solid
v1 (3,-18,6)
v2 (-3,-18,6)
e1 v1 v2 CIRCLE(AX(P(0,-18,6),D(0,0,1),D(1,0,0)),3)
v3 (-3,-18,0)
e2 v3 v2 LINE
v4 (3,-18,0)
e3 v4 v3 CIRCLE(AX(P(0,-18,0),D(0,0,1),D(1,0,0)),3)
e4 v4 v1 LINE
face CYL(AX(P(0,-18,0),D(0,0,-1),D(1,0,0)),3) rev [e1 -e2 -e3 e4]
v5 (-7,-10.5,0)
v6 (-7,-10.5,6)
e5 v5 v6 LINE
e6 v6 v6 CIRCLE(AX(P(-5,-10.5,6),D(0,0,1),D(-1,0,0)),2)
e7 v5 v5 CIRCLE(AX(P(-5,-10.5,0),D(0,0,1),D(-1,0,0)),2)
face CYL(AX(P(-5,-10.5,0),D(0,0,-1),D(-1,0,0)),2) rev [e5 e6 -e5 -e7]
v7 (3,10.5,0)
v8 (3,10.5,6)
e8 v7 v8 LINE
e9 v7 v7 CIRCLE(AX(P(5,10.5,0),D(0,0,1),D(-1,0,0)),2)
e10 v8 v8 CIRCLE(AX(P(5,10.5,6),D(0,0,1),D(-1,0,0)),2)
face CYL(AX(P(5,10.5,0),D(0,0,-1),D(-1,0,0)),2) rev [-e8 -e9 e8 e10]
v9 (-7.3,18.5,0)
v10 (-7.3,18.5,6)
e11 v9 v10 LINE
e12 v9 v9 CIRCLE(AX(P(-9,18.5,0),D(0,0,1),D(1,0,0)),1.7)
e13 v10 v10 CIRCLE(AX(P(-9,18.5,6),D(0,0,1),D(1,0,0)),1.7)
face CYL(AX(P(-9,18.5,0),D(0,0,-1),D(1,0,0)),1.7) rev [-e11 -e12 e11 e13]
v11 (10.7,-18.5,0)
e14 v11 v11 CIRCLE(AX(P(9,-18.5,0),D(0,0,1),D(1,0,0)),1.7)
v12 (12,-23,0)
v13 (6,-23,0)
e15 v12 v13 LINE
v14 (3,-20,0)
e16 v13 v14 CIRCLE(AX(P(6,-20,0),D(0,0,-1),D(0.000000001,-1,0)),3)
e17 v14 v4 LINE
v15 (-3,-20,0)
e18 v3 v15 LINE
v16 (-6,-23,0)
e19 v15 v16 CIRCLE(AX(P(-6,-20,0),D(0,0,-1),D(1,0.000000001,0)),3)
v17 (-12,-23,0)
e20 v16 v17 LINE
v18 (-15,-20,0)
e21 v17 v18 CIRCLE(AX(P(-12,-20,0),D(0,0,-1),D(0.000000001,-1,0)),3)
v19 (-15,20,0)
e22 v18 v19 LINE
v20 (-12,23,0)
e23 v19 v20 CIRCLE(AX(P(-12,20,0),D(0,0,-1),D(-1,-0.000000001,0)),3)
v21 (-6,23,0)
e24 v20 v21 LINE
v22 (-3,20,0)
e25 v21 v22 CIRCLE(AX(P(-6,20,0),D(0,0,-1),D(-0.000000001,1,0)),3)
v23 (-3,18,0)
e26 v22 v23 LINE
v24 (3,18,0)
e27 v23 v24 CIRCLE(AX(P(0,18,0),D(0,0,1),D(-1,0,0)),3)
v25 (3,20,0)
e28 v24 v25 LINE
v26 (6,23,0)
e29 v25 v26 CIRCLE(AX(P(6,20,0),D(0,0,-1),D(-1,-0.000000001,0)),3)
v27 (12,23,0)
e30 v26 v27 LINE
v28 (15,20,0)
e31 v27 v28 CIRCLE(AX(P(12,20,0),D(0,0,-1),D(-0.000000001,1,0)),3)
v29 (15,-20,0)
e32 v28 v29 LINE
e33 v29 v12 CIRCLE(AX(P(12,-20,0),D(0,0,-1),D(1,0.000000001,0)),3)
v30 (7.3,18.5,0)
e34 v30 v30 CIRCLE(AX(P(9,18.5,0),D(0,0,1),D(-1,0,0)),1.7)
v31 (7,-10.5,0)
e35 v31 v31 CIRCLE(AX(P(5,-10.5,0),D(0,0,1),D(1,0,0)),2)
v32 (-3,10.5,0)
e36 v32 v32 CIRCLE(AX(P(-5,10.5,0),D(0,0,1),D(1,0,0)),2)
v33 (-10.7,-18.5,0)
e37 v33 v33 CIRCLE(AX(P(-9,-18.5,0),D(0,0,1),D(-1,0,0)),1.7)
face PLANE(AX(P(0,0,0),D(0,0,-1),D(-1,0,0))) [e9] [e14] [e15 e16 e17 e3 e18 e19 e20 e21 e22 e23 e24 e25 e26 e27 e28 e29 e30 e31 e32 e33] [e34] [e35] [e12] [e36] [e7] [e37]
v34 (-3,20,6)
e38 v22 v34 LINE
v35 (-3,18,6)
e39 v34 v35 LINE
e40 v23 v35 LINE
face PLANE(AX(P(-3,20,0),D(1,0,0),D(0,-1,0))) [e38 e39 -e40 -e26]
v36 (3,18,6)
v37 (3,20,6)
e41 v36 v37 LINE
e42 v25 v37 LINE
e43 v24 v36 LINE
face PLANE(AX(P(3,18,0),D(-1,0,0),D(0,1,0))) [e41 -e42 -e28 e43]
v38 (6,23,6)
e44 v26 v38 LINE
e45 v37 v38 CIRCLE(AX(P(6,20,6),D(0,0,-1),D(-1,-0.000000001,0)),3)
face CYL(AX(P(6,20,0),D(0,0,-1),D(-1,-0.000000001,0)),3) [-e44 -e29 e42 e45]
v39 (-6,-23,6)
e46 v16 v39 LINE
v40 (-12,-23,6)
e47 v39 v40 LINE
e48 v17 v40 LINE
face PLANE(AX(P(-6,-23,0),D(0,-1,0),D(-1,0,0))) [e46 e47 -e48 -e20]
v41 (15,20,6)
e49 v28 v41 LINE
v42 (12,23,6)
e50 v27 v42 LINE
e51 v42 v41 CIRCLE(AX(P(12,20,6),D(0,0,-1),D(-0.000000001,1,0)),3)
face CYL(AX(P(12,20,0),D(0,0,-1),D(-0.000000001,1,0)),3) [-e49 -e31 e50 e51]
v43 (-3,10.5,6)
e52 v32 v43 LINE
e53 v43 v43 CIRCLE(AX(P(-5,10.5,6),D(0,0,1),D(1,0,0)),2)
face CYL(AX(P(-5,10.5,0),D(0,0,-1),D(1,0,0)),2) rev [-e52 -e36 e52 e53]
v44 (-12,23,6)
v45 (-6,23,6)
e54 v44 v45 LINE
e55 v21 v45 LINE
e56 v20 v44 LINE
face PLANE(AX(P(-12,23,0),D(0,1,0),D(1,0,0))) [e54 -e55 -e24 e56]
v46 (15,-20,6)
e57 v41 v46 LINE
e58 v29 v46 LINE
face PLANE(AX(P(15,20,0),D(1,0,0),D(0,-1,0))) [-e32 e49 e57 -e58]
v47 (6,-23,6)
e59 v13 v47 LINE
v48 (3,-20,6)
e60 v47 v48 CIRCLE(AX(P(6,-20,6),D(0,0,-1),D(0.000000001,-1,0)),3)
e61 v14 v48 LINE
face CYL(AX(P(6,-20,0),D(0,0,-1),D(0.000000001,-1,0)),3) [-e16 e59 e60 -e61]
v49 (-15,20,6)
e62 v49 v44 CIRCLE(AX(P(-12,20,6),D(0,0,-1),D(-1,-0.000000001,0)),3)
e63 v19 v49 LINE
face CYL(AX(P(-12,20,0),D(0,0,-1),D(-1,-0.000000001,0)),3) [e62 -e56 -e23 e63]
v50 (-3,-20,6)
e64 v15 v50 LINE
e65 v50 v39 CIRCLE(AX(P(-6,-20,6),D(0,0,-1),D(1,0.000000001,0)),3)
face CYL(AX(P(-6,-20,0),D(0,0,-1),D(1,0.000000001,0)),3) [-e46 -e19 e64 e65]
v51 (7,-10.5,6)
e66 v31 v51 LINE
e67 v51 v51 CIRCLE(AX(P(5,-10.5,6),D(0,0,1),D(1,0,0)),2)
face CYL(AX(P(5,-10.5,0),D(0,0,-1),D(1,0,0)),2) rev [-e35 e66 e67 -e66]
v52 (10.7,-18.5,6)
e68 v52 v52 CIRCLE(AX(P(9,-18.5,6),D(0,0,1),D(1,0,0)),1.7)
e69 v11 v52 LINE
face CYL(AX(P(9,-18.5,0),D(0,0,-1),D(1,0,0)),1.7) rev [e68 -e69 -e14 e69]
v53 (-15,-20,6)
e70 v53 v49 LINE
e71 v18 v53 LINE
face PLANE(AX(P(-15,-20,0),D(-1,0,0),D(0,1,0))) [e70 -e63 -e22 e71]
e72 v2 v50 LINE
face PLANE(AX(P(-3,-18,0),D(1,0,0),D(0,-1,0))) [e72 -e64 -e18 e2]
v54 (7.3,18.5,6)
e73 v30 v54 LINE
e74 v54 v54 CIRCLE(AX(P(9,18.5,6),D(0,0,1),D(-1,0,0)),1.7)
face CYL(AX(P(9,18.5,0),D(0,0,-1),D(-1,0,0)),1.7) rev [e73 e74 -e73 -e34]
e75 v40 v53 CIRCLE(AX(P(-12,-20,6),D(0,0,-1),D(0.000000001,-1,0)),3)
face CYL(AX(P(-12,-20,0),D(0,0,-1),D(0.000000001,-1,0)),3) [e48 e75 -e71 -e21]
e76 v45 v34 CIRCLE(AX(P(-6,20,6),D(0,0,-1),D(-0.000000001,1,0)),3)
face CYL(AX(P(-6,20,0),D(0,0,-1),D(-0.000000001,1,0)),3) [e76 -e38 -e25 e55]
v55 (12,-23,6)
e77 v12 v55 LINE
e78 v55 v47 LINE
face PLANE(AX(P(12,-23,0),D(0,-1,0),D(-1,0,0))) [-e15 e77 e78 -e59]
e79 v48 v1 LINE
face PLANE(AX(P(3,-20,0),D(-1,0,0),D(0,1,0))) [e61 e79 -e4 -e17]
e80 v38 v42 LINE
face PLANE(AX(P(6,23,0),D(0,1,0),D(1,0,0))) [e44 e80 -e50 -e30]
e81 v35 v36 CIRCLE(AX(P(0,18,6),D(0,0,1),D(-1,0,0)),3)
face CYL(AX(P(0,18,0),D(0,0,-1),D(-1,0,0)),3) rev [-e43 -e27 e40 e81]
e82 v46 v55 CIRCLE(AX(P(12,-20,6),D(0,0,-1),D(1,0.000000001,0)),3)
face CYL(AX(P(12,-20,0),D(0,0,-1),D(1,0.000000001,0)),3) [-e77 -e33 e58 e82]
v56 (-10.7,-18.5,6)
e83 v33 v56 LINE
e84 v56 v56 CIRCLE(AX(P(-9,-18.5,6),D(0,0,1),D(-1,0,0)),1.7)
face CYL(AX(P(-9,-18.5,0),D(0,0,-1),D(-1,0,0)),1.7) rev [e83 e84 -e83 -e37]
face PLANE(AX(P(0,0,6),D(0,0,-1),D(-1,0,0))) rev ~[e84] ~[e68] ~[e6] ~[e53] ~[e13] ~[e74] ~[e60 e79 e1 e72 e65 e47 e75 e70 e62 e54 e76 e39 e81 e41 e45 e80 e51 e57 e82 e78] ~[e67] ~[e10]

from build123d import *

# Parameters (mm, degrees)
SKETCH1_R           = 1.7
SKETCH1_R_2         = 2
BOSS_EXTRUDE1_DEPTH = 6


with BuildPart() as part:
    # Sketch1 → Boss-Extrude1 (new body)
    with BuildSketch(Plane.XY):
        with BuildLine():
            Line((-12, 23), (-6, 23))
            ThreePointArc((-6, 23), (-3.878679656, 22.121320344), (-3, 20))
            Line((-3, 20), (-3, 18))
            ThreePointArc((-3, 18), (0, 15), (3, 18))
            Line((3, 18), (3, 20))
            ThreePointArc((3, 20), (3.878679656, 22.121320344), (6, 23))
            Line((6, 23), (12, 23))
            ThreePointArc((12, 23), (14.121320344, 22.121320344), (15, 20))
            Line((15, 20), (15, -20))
            ThreePointArc((15, -20), (14.121320344, -22.121320344), (12, -23))
            Line((12, -23), (6, -23))
            ThreePointArc((6, -23), (3.878679656, -22.121320344), (3, -20))
            Line((3, -20), (3, -18))
            ThreePointArc((3, -18), (0, -15), (-3, -18))
            Line((-3, -18), (-3, -20))
            ThreePointArc((-3, -20), (-3.878679656, -22.121320344), (-6, -23))
            Line((-6, -23), (-12, -23))
            ThreePointArc((-12, -23), (-14.121320344, -22.121320344), (-15, -20))
            Line((-15, -20), (-15, 20))
            ThreePointArc((-15, 20), (-14.121320344, 22.121320344), (-12, 23))
        make_face()
        with Locations((-9, 18.5)):
            Circle(SKETCH1_R, mode=Mode.SUBTRACT)
        with Locations(Location((9, 18.5, 0), (0, 0, 180))):
            Circle(SKETCH1_R, mode=Mode.SUBTRACT)
        with Locations((9, -18.5)):
            Circle(SKETCH1_R, mode=Mode.SUBTRACT)
        with Locations(Location((-9, -18.5, 0), (0, 0, 180))):
            Circle(SKETCH1_R, mode=Mode.SUBTRACT)
        with Locations((-5, 10.5)):
            Circle(SKETCH1_R_2, mode=Mode.SUBTRACT)
        with Locations(Location((5, 10.5, 0), (0, 0, 180))):
            Circle(SKETCH1_R_2, mode=Mode.SUBTRACT)
        with Locations((5, -10.5)):
            Circle(SKETCH1_R_2, mode=Mode.SUBTRACT)
        with Locations(Location((-5, -10.5, 0), (0, 0, 180))):
            Circle(SKETCH1_R_2, mode=Mode.SUBTRACT)
    extrude(amount=BOSS_EXTRUDE1_DEPTH)


solid = part.part
